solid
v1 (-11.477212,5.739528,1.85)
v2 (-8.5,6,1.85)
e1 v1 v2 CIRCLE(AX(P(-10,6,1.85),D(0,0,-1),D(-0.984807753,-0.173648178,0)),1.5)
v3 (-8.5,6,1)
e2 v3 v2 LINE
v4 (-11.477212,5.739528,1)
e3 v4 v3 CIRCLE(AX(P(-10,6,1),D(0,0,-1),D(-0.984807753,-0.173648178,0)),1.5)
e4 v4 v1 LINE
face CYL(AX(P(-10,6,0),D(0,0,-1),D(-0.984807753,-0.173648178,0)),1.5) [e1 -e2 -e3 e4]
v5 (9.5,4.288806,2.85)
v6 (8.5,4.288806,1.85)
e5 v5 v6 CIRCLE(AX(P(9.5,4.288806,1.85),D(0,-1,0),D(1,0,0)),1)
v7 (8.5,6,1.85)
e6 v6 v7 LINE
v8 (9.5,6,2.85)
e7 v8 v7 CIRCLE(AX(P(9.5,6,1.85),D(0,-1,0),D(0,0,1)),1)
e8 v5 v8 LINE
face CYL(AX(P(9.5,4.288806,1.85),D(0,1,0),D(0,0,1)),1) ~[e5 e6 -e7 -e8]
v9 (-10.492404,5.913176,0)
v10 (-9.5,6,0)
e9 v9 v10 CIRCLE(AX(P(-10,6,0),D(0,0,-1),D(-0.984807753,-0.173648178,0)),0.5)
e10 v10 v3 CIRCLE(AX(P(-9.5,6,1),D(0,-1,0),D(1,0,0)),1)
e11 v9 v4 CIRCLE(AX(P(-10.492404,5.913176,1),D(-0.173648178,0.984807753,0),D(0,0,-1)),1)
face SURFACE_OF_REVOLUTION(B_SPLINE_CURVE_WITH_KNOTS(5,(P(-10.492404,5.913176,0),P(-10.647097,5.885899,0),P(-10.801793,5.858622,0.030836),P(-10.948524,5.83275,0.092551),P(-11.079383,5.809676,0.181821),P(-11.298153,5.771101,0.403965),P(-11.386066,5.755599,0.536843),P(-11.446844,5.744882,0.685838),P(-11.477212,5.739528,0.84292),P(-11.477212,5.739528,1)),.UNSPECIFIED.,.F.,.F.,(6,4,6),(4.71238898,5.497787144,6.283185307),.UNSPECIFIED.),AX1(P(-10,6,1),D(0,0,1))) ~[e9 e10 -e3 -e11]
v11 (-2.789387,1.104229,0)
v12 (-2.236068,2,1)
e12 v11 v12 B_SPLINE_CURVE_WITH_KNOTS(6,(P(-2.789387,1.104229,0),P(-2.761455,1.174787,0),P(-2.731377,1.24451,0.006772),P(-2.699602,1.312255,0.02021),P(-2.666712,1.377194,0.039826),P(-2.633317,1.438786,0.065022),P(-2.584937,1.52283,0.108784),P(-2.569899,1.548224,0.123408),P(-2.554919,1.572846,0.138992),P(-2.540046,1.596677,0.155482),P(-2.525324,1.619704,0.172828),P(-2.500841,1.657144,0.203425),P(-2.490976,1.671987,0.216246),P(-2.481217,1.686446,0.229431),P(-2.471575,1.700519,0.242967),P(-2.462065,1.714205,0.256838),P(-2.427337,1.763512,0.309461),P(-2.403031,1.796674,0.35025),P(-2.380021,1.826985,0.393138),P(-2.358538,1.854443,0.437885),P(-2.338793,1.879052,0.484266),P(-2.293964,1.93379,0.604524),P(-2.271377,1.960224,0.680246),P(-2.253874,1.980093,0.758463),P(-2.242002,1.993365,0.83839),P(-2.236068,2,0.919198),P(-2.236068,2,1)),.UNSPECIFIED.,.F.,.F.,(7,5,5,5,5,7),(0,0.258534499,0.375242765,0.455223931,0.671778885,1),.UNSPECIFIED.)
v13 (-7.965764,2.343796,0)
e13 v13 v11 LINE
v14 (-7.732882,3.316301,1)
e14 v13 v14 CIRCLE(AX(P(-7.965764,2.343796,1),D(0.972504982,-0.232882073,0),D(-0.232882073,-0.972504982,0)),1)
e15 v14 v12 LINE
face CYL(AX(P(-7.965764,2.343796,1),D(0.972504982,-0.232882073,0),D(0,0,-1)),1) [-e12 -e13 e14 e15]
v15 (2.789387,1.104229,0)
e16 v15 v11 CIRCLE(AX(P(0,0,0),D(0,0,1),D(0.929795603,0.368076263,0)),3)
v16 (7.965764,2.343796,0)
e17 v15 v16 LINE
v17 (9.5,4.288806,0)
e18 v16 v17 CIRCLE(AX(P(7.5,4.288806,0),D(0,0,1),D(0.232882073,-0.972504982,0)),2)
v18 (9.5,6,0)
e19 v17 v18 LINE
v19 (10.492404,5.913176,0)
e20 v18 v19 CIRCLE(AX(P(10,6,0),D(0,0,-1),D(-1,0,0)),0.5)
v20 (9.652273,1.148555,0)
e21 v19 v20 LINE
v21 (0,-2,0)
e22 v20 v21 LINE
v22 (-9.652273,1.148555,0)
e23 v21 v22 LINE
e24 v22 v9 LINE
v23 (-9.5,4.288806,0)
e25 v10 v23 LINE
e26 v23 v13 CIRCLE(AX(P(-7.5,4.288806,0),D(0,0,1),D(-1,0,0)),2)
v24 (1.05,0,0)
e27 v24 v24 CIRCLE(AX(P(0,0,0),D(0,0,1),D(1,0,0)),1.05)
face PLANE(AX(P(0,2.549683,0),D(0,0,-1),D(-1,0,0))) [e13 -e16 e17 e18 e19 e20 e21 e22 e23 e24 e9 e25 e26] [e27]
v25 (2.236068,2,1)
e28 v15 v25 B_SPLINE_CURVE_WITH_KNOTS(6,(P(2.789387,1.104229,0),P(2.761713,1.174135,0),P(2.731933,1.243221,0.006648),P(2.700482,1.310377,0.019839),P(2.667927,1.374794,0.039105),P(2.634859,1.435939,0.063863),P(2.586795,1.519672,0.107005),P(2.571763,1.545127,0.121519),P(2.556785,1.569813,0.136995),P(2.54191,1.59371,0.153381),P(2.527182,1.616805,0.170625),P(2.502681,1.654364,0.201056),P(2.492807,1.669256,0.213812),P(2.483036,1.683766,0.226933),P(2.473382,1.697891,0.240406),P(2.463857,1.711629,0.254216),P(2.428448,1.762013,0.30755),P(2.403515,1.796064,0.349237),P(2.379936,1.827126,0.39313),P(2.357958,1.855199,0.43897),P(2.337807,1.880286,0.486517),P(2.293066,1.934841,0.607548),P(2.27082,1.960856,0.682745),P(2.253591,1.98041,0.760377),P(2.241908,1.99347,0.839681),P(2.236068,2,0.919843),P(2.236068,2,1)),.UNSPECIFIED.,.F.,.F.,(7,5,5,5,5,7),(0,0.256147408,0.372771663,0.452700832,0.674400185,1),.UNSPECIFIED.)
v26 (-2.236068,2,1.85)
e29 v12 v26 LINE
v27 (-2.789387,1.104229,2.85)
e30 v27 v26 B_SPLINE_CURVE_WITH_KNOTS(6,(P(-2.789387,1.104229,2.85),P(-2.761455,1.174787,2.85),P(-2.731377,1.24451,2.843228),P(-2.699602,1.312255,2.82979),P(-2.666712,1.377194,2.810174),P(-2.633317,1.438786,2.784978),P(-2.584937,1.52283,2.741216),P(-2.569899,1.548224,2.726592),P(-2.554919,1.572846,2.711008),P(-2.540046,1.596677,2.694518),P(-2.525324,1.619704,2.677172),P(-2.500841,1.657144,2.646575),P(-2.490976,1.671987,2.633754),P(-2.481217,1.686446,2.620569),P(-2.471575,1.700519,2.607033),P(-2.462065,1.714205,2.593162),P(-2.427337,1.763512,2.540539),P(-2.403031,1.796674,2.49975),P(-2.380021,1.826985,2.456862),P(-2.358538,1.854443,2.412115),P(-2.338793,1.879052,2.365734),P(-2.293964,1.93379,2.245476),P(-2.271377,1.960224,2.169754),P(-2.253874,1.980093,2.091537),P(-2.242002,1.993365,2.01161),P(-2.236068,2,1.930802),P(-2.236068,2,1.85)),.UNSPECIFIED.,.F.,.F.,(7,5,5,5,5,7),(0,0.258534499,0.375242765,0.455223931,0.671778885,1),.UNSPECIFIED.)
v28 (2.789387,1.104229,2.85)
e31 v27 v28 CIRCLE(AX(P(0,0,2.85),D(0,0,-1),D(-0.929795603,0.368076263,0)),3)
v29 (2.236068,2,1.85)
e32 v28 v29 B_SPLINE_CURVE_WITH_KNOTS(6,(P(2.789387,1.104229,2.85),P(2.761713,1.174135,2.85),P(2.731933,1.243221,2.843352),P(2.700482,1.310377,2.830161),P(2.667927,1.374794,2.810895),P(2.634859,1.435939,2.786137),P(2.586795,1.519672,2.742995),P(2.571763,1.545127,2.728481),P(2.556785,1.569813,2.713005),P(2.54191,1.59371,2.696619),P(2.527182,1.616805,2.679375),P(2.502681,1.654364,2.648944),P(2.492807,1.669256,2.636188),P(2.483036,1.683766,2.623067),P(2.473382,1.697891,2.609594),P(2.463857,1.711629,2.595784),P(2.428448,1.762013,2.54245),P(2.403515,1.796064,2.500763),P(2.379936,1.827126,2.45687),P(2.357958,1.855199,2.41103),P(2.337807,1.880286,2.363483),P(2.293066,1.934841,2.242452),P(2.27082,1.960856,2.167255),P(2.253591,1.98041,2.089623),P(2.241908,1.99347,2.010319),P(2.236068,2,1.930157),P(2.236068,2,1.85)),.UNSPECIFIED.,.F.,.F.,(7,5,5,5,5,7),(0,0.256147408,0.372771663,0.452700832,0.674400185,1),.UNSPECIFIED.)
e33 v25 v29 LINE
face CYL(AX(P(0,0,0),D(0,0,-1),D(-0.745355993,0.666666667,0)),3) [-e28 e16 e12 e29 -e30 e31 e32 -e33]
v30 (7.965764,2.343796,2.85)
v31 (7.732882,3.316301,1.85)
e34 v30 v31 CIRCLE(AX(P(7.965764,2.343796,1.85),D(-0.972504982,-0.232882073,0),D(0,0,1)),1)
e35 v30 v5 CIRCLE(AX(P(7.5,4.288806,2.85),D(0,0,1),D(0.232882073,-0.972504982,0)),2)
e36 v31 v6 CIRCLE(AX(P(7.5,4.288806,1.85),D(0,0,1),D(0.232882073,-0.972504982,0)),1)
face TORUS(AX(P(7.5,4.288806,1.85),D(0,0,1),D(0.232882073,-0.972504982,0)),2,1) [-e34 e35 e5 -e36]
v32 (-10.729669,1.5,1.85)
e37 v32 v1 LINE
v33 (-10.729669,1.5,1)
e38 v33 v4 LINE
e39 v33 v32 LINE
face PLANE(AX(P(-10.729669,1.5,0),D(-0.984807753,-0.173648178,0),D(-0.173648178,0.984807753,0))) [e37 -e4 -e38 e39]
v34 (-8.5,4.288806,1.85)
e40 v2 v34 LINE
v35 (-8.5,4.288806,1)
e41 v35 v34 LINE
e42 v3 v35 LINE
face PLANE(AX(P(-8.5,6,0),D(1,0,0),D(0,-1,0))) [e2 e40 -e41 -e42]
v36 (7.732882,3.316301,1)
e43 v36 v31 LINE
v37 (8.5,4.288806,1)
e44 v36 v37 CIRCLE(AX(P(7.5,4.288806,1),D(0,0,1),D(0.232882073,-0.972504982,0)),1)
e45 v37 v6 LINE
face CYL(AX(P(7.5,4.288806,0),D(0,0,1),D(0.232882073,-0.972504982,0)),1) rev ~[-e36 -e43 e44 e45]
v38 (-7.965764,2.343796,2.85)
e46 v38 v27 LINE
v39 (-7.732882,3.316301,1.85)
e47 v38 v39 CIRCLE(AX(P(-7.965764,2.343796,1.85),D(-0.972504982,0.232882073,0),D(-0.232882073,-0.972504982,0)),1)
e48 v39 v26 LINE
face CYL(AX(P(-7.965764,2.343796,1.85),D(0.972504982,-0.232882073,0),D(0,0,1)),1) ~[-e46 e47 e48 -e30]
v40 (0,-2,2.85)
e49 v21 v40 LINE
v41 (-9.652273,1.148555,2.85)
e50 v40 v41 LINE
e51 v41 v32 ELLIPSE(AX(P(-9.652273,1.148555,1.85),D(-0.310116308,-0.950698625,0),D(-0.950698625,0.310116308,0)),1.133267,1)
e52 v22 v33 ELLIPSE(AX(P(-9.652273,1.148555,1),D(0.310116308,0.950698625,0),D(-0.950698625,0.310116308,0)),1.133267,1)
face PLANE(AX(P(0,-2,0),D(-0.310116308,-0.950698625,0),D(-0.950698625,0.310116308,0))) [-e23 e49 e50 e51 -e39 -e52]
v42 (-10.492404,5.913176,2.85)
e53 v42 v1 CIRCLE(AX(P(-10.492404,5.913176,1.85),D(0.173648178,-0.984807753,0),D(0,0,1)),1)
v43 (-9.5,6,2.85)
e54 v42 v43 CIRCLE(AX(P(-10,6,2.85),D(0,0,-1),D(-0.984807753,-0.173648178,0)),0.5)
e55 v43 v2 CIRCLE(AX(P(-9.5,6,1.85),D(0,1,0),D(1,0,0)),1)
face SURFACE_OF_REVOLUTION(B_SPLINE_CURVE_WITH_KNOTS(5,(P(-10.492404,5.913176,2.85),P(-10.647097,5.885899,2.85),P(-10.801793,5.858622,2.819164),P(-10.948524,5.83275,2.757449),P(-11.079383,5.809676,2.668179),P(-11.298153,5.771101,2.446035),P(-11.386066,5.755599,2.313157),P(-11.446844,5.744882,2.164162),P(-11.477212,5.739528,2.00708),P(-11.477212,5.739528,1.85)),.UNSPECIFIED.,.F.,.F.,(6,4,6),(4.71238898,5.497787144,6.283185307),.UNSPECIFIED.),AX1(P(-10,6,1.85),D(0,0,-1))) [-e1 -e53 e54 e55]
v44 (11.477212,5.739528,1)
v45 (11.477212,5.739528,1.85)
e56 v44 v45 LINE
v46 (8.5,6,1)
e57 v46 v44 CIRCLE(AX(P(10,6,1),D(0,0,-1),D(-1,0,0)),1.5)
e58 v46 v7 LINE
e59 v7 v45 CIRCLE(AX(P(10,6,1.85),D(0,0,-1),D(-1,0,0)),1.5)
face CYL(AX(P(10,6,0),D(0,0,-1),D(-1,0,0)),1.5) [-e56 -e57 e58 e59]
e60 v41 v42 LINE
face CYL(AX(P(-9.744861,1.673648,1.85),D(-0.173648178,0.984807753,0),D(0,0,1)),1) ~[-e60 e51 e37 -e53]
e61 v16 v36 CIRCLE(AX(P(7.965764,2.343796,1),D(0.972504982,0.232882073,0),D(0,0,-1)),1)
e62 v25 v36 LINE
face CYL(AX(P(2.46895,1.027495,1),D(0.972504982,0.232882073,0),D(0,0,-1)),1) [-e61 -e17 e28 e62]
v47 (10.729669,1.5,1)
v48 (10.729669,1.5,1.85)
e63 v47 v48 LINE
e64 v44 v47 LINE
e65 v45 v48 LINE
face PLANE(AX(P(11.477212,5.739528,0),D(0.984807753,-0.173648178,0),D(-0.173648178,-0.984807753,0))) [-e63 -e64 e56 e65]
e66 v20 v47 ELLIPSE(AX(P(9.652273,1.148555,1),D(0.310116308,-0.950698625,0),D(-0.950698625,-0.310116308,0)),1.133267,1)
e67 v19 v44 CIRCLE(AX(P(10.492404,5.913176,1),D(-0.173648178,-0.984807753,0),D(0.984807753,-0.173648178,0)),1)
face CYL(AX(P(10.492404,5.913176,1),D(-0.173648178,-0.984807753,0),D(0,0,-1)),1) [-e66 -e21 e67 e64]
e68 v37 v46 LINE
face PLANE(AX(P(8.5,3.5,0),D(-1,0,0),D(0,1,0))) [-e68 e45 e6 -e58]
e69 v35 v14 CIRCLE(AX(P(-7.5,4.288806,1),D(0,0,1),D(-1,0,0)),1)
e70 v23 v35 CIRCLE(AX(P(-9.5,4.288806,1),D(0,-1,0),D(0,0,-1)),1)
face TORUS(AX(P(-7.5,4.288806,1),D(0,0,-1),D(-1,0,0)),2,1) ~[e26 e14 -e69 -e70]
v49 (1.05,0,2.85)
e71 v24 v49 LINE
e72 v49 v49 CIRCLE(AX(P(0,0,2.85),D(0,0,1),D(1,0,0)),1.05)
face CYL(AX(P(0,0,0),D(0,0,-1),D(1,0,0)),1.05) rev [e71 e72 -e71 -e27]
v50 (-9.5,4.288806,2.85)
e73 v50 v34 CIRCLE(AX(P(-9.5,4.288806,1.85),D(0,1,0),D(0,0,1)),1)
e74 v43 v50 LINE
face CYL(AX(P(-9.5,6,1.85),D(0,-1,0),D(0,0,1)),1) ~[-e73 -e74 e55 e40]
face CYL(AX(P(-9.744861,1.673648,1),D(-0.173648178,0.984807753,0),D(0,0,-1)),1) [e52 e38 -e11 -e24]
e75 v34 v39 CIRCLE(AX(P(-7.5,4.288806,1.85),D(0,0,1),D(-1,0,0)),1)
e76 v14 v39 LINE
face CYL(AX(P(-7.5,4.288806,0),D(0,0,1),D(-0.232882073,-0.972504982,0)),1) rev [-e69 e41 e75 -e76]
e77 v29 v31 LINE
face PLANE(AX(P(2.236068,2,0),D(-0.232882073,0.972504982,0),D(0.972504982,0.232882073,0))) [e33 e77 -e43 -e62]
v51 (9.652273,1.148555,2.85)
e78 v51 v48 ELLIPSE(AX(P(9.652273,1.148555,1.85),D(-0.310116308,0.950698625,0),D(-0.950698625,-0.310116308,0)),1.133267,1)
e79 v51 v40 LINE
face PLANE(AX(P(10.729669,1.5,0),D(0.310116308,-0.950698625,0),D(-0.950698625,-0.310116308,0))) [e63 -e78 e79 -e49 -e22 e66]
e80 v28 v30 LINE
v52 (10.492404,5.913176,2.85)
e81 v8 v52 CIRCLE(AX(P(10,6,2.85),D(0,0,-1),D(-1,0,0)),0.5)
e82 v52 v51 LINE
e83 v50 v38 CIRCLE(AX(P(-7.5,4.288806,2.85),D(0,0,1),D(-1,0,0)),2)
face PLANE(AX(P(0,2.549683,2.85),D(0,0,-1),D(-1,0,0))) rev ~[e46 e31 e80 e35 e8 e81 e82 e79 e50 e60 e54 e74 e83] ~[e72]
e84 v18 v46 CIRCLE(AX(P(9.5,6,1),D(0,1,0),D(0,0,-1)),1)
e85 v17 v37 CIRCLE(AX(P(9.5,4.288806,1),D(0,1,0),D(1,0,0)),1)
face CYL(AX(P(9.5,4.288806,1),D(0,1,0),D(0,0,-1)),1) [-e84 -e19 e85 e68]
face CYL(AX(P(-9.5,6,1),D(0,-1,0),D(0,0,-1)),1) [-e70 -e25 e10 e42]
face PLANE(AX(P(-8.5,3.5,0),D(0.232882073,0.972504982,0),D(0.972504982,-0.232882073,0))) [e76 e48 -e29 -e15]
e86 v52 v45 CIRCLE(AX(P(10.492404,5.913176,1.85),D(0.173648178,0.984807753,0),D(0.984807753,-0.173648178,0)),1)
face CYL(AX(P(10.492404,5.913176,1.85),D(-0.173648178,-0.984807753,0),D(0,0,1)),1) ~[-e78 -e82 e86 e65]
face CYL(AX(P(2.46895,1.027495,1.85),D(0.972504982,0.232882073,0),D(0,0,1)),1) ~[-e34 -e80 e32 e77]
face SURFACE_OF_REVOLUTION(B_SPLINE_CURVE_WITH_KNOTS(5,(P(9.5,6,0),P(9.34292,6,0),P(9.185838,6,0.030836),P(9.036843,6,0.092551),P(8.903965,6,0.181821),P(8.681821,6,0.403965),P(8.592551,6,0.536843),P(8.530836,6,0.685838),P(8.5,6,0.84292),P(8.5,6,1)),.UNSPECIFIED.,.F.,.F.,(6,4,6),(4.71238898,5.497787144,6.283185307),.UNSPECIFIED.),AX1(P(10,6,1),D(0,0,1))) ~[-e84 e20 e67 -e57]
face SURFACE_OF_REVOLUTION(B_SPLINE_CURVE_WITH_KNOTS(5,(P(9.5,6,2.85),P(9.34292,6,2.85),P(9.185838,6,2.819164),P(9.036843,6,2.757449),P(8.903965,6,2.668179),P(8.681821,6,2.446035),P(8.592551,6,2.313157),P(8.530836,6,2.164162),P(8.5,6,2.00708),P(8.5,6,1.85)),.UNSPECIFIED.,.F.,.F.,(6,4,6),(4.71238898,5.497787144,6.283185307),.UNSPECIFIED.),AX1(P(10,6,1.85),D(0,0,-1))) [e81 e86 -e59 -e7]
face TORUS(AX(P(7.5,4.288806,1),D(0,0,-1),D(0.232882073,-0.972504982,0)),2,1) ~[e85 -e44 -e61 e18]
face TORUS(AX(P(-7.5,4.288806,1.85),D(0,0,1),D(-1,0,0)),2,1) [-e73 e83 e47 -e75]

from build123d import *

# Parameters (mm, degrees)
SKETCH1_R           = 1.05
BOSS_EXTRUDE1_DEPTH = 2.85
FILLET2_R           = 1
FILLET1_R           = 1


with BuildPart() as part:
    # Sketch1 → Boss-Extrude1 (new body)
    with BuildSketch(Plane.XY):
        with BuildLine():
            Line((2.236067977, 2), (8.5, 3.5))
            Line((8.5, 3.5), (8.5, 6))
            ThreePointArc((8.5, 6), (10.130733614, 7.494292047), (11.47721163, 5.739527733))
            Line((11.47721163, 5.739527733), (10.729668505, 1.5))
            Line((10.729668505, 1.5), (0, -2))
            Line((0, -2), (-10.729668505, 1.5))
            Line((-10.729668505, 1.5), (-11.47721163, 5.739527733))
            ThreePointArc((-11.47721163, 5.739527733), (-10.130733614, 7.494292047), (-8.5, 6))
            Line((-8.5, 6), (-8.5, 3.5))
            Line((-8.5, 3.5), (-2.236067977, 2))
            ThreePointArc((-2.236067977, 2), (0, 3), (2.236067977, 2))
        make_face()
        Circle(SKETCH1_R, mode=Mode.SUBTRACT)
    extrude(amount=BOSS_EXTRUDE1_DEPTH)

    # Fillet2
    fillet2_edges = [part.edges().sort_by_distance(p)[0] for p in [
        (8.5, 3.5, 1.425),
        (-8.5, 3.5, 1.425),
    ]]
    fillet(fillet2_edges, radius=FILLET2_R)

    # Fillet1
    fillet1_edges = [part.edges().sort_by_distance(p)[0] for p in [
        (8.5, 5.144403083, 0),
        (10.130733614, 7.494292047, 0),
        (11.103440067, 3.619763867, 0),
        (-11.103440067, 3.619763867, 0),
        (-10.130733614, 7.494292047, 0),
        (-10.130733614, 7.494292047, 2.85),
        (-4.984475025, 2.658150592, 0),
        (-11.103440067, 3.619763867, 2.85),
        (11.103440067, 3.619763867, 2.85),
        (10.130733614, 7.494292047, 2.85),
        (8.5, 5.144403083, 2.85),
        (-8.5, 5.144403083, 0),
        (-8.5, 5.144403083, 2.85),
        (4.984475025, 2.658150592, 0),
        (4.984475025, 2.658150592, 2.85),
        (-8.285137591, 3.669484793, 0),
        (-8.285137591, 3.669484793, 2.85),
        (8.285137591, 3.669484793, 0),
        (8.285137591, 3.669484793, 2.85),
        (-4.984475025, 2.658150592, 2.85),
    ]]
    fillet(fillet1_edges, radius=FILLET1_R)


solid = part.part
